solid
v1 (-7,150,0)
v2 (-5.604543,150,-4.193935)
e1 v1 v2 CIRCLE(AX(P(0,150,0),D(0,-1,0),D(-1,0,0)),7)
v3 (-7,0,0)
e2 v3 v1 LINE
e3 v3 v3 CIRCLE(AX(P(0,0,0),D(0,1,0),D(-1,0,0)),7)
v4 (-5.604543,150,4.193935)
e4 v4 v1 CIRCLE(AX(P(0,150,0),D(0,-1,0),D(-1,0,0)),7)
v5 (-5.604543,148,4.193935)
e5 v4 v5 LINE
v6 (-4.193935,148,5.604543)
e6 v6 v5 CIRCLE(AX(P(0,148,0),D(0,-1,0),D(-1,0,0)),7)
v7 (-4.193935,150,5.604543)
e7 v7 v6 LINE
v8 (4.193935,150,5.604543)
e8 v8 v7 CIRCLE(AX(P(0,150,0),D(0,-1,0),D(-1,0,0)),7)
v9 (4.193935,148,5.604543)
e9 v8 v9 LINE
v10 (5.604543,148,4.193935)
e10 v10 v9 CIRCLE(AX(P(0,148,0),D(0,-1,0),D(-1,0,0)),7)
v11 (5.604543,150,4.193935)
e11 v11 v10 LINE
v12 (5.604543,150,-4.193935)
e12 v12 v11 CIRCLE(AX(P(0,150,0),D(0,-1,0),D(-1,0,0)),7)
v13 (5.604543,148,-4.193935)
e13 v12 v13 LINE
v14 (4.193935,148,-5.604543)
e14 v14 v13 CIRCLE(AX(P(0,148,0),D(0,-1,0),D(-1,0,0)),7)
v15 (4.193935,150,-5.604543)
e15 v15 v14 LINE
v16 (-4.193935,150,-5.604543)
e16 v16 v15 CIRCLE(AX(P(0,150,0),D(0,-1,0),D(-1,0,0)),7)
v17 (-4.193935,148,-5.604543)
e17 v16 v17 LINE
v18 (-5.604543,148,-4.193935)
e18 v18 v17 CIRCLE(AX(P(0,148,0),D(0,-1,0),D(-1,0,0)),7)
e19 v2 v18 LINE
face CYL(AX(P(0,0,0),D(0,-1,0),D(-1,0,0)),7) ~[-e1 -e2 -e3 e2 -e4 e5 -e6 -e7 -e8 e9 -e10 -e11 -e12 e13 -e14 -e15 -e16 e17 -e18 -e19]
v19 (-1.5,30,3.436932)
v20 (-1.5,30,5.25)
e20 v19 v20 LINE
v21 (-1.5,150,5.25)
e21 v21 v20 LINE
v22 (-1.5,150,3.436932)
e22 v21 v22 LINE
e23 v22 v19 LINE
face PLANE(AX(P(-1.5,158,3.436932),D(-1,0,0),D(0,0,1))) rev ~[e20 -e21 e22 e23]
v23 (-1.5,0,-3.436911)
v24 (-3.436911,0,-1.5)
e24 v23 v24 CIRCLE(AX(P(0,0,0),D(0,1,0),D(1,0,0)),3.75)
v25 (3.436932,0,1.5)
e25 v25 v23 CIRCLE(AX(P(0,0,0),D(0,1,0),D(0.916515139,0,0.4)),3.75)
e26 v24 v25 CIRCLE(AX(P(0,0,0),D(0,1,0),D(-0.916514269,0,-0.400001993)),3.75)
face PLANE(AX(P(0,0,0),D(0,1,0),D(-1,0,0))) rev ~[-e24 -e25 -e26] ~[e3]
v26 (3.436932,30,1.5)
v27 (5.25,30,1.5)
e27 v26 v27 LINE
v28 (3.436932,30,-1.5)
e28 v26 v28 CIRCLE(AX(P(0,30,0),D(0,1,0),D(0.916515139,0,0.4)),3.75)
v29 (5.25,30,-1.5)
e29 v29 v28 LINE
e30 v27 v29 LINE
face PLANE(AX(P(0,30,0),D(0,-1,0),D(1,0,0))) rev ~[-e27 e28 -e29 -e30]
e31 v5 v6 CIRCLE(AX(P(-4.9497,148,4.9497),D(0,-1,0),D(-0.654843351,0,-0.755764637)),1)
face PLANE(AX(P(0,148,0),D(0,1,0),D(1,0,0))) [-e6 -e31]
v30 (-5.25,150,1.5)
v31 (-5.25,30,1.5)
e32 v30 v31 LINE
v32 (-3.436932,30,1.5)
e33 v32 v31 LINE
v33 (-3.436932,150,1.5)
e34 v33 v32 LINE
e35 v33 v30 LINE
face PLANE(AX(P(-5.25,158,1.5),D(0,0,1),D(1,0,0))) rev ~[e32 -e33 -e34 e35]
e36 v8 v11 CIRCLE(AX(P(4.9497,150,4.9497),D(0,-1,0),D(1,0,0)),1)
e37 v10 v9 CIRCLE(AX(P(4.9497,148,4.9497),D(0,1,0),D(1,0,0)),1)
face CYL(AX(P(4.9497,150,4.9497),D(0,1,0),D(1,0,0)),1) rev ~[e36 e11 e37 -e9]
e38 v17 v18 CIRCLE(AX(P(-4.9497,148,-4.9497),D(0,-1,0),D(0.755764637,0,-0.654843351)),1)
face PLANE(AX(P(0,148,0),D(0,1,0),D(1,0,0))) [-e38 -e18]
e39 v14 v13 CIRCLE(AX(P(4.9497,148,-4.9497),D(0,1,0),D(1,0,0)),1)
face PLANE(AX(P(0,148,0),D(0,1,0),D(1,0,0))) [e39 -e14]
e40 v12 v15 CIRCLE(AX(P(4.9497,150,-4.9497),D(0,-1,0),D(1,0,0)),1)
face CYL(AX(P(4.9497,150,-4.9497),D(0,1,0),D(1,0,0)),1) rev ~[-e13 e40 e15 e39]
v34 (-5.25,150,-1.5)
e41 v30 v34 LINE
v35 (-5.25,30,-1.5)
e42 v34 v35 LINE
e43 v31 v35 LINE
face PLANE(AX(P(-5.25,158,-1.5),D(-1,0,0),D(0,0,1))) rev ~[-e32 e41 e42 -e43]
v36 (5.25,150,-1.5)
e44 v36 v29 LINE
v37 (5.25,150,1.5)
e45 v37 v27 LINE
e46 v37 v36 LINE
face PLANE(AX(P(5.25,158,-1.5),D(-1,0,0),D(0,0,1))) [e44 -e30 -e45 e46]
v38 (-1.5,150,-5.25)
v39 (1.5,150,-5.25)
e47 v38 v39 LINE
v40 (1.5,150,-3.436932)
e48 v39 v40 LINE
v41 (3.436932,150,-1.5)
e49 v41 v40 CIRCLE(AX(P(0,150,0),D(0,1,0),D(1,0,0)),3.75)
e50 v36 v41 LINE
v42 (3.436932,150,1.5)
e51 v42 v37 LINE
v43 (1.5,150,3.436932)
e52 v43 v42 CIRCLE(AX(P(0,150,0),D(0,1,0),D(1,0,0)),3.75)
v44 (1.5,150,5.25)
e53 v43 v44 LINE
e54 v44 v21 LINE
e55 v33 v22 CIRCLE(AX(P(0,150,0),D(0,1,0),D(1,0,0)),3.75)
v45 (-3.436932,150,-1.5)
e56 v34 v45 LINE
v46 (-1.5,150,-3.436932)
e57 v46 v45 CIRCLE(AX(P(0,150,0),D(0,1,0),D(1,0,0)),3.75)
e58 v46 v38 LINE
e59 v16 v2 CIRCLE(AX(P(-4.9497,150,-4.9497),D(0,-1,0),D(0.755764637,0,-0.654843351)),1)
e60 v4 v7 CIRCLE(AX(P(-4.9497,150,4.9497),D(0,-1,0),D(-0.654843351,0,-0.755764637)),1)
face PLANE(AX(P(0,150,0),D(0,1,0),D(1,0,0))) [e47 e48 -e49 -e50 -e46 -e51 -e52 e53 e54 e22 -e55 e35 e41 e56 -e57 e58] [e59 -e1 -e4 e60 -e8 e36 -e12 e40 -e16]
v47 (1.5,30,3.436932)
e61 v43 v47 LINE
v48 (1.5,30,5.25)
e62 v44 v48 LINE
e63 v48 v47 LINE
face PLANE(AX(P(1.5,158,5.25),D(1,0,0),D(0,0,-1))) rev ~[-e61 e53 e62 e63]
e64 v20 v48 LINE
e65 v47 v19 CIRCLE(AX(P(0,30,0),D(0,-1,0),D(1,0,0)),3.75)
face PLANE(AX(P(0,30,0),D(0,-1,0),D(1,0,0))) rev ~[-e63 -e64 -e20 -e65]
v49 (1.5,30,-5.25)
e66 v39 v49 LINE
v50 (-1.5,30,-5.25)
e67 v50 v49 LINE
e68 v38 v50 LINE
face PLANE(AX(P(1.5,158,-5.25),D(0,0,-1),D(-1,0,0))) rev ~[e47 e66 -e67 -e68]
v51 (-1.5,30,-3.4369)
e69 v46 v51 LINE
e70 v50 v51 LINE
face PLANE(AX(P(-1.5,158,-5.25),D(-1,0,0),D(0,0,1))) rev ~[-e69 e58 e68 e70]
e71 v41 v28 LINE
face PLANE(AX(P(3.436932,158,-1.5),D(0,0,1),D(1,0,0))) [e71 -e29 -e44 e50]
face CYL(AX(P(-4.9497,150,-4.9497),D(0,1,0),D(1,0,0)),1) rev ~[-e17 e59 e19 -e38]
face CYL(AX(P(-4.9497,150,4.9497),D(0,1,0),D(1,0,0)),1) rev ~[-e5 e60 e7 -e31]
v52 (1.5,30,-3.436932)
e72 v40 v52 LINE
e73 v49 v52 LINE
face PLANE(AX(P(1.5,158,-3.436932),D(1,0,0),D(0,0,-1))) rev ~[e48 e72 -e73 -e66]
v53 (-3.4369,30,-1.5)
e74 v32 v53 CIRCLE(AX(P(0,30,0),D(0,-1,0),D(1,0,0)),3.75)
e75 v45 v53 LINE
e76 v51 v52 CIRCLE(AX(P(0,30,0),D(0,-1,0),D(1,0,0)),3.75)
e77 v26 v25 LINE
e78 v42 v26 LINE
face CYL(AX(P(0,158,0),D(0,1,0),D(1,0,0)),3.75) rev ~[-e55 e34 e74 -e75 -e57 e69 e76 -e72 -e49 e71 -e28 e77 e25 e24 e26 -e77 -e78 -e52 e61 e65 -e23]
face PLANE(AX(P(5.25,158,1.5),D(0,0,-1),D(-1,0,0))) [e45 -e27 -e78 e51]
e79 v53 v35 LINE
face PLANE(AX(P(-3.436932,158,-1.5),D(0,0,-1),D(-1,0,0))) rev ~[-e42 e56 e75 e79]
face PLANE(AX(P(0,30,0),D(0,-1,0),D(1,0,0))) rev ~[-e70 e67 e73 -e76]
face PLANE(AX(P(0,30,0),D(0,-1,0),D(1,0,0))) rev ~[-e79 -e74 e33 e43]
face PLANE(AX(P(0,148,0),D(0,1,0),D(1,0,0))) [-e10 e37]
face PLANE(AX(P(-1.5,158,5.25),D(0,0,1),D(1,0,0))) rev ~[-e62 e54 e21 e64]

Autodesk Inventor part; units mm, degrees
ref_plane "YZ Plane" through (0, 0, 0) normal (1, 0, 0) x (0, 1, 0)
ref_plane "XZ Plane" through (0, 0, 0) normal (0, 1, 0) x (-1, 0, 0)
ref_plane "XY Plane" through (0, 0, 0) normal (0, 0, 1) x (1, 0, 0)
sketch "Sketch1" plane through (0, 0, 0) normal (0, 1, 0) x (-1, 0, 0)
  circle A0 centre (0, 0) radius 7
  dimension "d0" = 14
extrude "Extrusion1" add sketch "Sketch1" along normal blind 158
sketch "Sketch2" plane through (0, 158, 0) normal (0, 1, 0) x (1, 0, 0)
  circle A0 centre (0, 0) radius 3.75
  line L0 (-5.25, -1.5) -> (-2.25, -1.5)
  line L1 (-2.25, -1.5) -> (-2.25, 1.5)
  line L2 (-2.25, 1.5) -> (-5.25, 1.5)
  line L3 (-5.25, 1.5) -> (-5.25, -1.5)
  line L4 (-5.25, -1.5) -> (-2.25, 1.5) construction
  line L5 (-2.25, -1.5) -> (-5.25, 1.5) construction
  line L6 (-1.5, 2.25) -> (1.5, 2.25)
  line L7 (1.5, 2.25) -> (1.5, 5.25)
  line L8 (1.5, 5.25) -> (-1.5, 5.25)
  line L9 (-1.5, 5.25) -> (-1.5, 2.25)
  line L10 (-1.5, 2.25) -> (1.5, 5.25) construction
  line L11 (1.5, 2.25) -> (-1.5, 5.25) construction
  line L12 (2.25, 1.5) -> (5.25, 1.5)
  line L13 (5.25, 1.5) -> (5.25, -1.5)
  line L14 (5.25, -1.5) -> (2.25, -1.5)
  line L15 (2.25, -1.5) -> (2.25, 1.5)
  line L16 (2.25, 1.5) -> (5.25, -1.5) construction
  line L17 (5.25, 1.5) -> (2.25, -1.5) construction
  line L18 (-1.5, -5.25) -> (1.5, -5.25)
  line L19 (1.5, -5.25) -> (1.5, -2.25)
  line L20 (1.5, -2.25) -> (-1.5, -2.25)
  line L21 (-1.5, -2.25) -> (-1.5, -5.25)
  line L22 (-1.5, -5.25) -> (1.5, -2.25) construction
  line L23 (1.5, -5.25) -> (-1.5, -2.25) construction
  point P0 (-3.75, 0)
  point P1 (0, 3.75)
  point P2 (3.75, 0)
  point P3 (0, -3.75)
  point P4 (-3.4369, -1.5)
  point P5 (-1.5, -3.4369)
  point P6 (1.5, -3.4369)
  point P7 (3.4369, -1.5)
  point P8 (3.4369, 1.5)
  point P9 (1.5, 3.4369)
  point P10 (-1.5, 3.4369)
  point P11 (-3.4369, 1.5)
  dimension "d58" = 7.5
  dimension "d59" = 3
  dimension "d60" = 3
  dimension "d61" = 3
  dimension "d62" = 3
  dimension "d63" = 3
  dimension "d64" = 3
  dimension "d65" = 3
  dimension "d66" = 3
extrude "Extrusion2" cut sketch "Sketch2" against normal through all
sketch "Sketch3" plane through (0, 158, 0) normal (0, 1, 0) x (1, 0, 0)
  circle A0 centre (0, 0) radius 9
  line L0 (-0.258, -9) -> (-0.258, -9)
  line L1 (-0.258, -11) -> (-0.258, -11)
  line L2 (-0.5, -9.5) -> (0.5, -9.5)
  line L3 (0.5, -9.5) -> (0.5, -8.5)
  line L4 (0.5, -8.5) -> (-0.5, -8.5)
  line L5 (-0.5, -8.5) -> (-0.5, -9.5)
  line L6 (-0.5, -9.5) -> (0.5, -8.5) construction
  line L7 (0.5, -9.5) -> (-0.5, -8.5) construction
  line L8 (-0.5, 8.5) -> (0.5, 8.5)
  line L9 (0.5, 8.5) -> (0.5, 9.5)
  line L10 (0.5, 9.5) -> (-0.5, 9.5)
  line L11 (-0.5, 9.5) -> (-0.5, 8.5)
  line L12 (-0.5, 8.5) -> (0.5, 9.5) construction
  line L13 (0.5, 8.5) -> (-0.5, 9.5) construction
  point P0 (0.492, 8.9865)
  point P1 (-0.258, -8.9963)
  point P2 (0, -9)
  point P3 (0, 9)
  point P4 (0.5, -8.9861)
  point P5 (-0.5, -8.9861)
  point P6 (-0.5, 8.9861)
  point P7 (0.5, 8.9861)
  dimension "d15" = 18
  dimension "d19" = 9
  dimension "d36" = 1
  dimension "d37" = 1
  dimension "d38" = 1
  dimension "d39" = 1
extrude "Extrusion3" cut sketch "Sketch3" against normal blind 8
sketch "Sketch5" plane through (0, 0, 0) normal (0, -1, 0) x (1, 0, 0)
  line L0 (-1.25, 3.25) -> (-1.25, 1.25)
  line L1 (-1.25, 1.25) -> (-3.25, 1.25)
  line L2 (3.25, 1.25) -> (1.25, 1.25)
  line L3 (1.25, 1.25) -> (1.25, 3.25)
  line L4 (1.25, -3.25) -> (1.25, -1.25)
  line L5 (1.25, -1.25) -> (3.25, -1.25)
  line L6 (-3.25, -1.25) -> (-1.25, -1.25)
  line L7 (-1.25, -1.25) -> (-1.25, -3.25)
  circle A0 centre (0, 0) radius 3.75
  line L8 (-3.4369, -1.5) -> (-5.25, -1.5) projected
  line L9 (-2.25, 1.5) -> (-5.25, 1.5)
  line L10 (-5.25, 1.5) -> (-5.25, -1.5)
  line L11 (-5.25, -1.5) -> (-2.25, -1.5)
  line L12 (-2.25, -1.5) -> (-2.25, 1.5)
  line L13 (-2.25, 1.5) -> (-5.25, -1.5) construction
  line L14 (-5.25, 1.5) -> (-2.25, -1.5) construction
  line L15 (-1.5, -5.25) -> (-1.5, -3.4369) projected
  line L16 (1.5, -2.25) -> (-1.5, -2.25)
  line L17 (-1.5, -2.25) -> (-1.5, -5.25)
  line L18 (-1.5, -5.25) -> (1.5, -5.25)
  line L19 (1.5, -5.25) -> (1.5, -2.25)
  line L20 (1.5, -2.25) -> (-1.5, -5.25) construction
  line L21 (-1.5, -2.25) -> (1.5, -5.25) construction
  line L22 (1.5, 2.25) -> (-1.5, 2.25)
  line L23 (-1.5, 2.25) -> (-1.5, 5.25)
  line L24 (-1.5, 5.25) -> (1.5, 5.25)
  line L25 (1.5, 5.25) -> (1.5, 2.25)
  line L26 (1.5, 2.25) -> (-1.5, 5.25) construction
  line L27 (-1.5, 2.25) -> (1.5, 5.25) construction
  line L28 (5.25, 1.5) -> (5.25, -1.5) projected
  line L29 (2.25, 1.5) -> (5.25, 1.5)
  line L30 (5.25, 1.5) -> (5.25, -1.5)
  line L31 (5.25, -1.5) -> (2.25, -1.5)
  line L32 (2.25, -1.5) -> (2.25, 1.5)
  line L33 (2.25, 1.5) -> (5.25, -1.5) construction
  line L34 (5.25, 1.5) -> (2.25, -1.5) construction
  point P0 (-3.25, 3.25)
  point P1 (3.25, -3.25)
  point P2 (-3.75, 0)
  point P3 (0, -3.75)
  point P4 (0, 3.75)
  point P5 (3.75, 0)
  point P6 (3.4369, -1.5)
  point P7 (3.4369, 1.5)
  point P8 (-1.5, 3.4369)
  point P9 (1.5, 3.4369)
  point P10 (-3.4369, 1.5)
  point P11 (1.5, -3.4369)
  dimension "d54" = 360
extrude "Extrusion5" add sketch "Sketch5" against normal blind 30 contours L23 L24 L25 A0 | A0 L8 L10 L9 | L29 L28 L31 A0 | A0 L19 L18 L15
sketch "Sketch6" plane through (0, 150, 0) normal (0, 1, 0) x (1, 0, 0)
  circle A0 centre (0, 0) radius 7 projected
  line L0 (0, 0) -> (7, 0) construction
  circle A1 centre (-4.9497, 4.9497) radius 1
  circle A2 centre (-4.9497, -4.9497) radius 1
  circle A3 centre (4.9497, -4.9497) radius 1
  circle A4 centre (4.9497, 4.9497) radius 1
  dimension "d69" = 2
  dimension "d70" = 4.9497
  dimension "d71" = 4.9497
  dimension "d74" = 360
extrude "Extrusion6" cut sketch "Sketch6" against normal blind 2 contours A4 A0 | A0 A4 | A3 A0 | A0 A3 | A1 A0 | A0 A1 | A2 A0 | A0 A2
properties part number "Upper Arm" material "PLA Plastic"
